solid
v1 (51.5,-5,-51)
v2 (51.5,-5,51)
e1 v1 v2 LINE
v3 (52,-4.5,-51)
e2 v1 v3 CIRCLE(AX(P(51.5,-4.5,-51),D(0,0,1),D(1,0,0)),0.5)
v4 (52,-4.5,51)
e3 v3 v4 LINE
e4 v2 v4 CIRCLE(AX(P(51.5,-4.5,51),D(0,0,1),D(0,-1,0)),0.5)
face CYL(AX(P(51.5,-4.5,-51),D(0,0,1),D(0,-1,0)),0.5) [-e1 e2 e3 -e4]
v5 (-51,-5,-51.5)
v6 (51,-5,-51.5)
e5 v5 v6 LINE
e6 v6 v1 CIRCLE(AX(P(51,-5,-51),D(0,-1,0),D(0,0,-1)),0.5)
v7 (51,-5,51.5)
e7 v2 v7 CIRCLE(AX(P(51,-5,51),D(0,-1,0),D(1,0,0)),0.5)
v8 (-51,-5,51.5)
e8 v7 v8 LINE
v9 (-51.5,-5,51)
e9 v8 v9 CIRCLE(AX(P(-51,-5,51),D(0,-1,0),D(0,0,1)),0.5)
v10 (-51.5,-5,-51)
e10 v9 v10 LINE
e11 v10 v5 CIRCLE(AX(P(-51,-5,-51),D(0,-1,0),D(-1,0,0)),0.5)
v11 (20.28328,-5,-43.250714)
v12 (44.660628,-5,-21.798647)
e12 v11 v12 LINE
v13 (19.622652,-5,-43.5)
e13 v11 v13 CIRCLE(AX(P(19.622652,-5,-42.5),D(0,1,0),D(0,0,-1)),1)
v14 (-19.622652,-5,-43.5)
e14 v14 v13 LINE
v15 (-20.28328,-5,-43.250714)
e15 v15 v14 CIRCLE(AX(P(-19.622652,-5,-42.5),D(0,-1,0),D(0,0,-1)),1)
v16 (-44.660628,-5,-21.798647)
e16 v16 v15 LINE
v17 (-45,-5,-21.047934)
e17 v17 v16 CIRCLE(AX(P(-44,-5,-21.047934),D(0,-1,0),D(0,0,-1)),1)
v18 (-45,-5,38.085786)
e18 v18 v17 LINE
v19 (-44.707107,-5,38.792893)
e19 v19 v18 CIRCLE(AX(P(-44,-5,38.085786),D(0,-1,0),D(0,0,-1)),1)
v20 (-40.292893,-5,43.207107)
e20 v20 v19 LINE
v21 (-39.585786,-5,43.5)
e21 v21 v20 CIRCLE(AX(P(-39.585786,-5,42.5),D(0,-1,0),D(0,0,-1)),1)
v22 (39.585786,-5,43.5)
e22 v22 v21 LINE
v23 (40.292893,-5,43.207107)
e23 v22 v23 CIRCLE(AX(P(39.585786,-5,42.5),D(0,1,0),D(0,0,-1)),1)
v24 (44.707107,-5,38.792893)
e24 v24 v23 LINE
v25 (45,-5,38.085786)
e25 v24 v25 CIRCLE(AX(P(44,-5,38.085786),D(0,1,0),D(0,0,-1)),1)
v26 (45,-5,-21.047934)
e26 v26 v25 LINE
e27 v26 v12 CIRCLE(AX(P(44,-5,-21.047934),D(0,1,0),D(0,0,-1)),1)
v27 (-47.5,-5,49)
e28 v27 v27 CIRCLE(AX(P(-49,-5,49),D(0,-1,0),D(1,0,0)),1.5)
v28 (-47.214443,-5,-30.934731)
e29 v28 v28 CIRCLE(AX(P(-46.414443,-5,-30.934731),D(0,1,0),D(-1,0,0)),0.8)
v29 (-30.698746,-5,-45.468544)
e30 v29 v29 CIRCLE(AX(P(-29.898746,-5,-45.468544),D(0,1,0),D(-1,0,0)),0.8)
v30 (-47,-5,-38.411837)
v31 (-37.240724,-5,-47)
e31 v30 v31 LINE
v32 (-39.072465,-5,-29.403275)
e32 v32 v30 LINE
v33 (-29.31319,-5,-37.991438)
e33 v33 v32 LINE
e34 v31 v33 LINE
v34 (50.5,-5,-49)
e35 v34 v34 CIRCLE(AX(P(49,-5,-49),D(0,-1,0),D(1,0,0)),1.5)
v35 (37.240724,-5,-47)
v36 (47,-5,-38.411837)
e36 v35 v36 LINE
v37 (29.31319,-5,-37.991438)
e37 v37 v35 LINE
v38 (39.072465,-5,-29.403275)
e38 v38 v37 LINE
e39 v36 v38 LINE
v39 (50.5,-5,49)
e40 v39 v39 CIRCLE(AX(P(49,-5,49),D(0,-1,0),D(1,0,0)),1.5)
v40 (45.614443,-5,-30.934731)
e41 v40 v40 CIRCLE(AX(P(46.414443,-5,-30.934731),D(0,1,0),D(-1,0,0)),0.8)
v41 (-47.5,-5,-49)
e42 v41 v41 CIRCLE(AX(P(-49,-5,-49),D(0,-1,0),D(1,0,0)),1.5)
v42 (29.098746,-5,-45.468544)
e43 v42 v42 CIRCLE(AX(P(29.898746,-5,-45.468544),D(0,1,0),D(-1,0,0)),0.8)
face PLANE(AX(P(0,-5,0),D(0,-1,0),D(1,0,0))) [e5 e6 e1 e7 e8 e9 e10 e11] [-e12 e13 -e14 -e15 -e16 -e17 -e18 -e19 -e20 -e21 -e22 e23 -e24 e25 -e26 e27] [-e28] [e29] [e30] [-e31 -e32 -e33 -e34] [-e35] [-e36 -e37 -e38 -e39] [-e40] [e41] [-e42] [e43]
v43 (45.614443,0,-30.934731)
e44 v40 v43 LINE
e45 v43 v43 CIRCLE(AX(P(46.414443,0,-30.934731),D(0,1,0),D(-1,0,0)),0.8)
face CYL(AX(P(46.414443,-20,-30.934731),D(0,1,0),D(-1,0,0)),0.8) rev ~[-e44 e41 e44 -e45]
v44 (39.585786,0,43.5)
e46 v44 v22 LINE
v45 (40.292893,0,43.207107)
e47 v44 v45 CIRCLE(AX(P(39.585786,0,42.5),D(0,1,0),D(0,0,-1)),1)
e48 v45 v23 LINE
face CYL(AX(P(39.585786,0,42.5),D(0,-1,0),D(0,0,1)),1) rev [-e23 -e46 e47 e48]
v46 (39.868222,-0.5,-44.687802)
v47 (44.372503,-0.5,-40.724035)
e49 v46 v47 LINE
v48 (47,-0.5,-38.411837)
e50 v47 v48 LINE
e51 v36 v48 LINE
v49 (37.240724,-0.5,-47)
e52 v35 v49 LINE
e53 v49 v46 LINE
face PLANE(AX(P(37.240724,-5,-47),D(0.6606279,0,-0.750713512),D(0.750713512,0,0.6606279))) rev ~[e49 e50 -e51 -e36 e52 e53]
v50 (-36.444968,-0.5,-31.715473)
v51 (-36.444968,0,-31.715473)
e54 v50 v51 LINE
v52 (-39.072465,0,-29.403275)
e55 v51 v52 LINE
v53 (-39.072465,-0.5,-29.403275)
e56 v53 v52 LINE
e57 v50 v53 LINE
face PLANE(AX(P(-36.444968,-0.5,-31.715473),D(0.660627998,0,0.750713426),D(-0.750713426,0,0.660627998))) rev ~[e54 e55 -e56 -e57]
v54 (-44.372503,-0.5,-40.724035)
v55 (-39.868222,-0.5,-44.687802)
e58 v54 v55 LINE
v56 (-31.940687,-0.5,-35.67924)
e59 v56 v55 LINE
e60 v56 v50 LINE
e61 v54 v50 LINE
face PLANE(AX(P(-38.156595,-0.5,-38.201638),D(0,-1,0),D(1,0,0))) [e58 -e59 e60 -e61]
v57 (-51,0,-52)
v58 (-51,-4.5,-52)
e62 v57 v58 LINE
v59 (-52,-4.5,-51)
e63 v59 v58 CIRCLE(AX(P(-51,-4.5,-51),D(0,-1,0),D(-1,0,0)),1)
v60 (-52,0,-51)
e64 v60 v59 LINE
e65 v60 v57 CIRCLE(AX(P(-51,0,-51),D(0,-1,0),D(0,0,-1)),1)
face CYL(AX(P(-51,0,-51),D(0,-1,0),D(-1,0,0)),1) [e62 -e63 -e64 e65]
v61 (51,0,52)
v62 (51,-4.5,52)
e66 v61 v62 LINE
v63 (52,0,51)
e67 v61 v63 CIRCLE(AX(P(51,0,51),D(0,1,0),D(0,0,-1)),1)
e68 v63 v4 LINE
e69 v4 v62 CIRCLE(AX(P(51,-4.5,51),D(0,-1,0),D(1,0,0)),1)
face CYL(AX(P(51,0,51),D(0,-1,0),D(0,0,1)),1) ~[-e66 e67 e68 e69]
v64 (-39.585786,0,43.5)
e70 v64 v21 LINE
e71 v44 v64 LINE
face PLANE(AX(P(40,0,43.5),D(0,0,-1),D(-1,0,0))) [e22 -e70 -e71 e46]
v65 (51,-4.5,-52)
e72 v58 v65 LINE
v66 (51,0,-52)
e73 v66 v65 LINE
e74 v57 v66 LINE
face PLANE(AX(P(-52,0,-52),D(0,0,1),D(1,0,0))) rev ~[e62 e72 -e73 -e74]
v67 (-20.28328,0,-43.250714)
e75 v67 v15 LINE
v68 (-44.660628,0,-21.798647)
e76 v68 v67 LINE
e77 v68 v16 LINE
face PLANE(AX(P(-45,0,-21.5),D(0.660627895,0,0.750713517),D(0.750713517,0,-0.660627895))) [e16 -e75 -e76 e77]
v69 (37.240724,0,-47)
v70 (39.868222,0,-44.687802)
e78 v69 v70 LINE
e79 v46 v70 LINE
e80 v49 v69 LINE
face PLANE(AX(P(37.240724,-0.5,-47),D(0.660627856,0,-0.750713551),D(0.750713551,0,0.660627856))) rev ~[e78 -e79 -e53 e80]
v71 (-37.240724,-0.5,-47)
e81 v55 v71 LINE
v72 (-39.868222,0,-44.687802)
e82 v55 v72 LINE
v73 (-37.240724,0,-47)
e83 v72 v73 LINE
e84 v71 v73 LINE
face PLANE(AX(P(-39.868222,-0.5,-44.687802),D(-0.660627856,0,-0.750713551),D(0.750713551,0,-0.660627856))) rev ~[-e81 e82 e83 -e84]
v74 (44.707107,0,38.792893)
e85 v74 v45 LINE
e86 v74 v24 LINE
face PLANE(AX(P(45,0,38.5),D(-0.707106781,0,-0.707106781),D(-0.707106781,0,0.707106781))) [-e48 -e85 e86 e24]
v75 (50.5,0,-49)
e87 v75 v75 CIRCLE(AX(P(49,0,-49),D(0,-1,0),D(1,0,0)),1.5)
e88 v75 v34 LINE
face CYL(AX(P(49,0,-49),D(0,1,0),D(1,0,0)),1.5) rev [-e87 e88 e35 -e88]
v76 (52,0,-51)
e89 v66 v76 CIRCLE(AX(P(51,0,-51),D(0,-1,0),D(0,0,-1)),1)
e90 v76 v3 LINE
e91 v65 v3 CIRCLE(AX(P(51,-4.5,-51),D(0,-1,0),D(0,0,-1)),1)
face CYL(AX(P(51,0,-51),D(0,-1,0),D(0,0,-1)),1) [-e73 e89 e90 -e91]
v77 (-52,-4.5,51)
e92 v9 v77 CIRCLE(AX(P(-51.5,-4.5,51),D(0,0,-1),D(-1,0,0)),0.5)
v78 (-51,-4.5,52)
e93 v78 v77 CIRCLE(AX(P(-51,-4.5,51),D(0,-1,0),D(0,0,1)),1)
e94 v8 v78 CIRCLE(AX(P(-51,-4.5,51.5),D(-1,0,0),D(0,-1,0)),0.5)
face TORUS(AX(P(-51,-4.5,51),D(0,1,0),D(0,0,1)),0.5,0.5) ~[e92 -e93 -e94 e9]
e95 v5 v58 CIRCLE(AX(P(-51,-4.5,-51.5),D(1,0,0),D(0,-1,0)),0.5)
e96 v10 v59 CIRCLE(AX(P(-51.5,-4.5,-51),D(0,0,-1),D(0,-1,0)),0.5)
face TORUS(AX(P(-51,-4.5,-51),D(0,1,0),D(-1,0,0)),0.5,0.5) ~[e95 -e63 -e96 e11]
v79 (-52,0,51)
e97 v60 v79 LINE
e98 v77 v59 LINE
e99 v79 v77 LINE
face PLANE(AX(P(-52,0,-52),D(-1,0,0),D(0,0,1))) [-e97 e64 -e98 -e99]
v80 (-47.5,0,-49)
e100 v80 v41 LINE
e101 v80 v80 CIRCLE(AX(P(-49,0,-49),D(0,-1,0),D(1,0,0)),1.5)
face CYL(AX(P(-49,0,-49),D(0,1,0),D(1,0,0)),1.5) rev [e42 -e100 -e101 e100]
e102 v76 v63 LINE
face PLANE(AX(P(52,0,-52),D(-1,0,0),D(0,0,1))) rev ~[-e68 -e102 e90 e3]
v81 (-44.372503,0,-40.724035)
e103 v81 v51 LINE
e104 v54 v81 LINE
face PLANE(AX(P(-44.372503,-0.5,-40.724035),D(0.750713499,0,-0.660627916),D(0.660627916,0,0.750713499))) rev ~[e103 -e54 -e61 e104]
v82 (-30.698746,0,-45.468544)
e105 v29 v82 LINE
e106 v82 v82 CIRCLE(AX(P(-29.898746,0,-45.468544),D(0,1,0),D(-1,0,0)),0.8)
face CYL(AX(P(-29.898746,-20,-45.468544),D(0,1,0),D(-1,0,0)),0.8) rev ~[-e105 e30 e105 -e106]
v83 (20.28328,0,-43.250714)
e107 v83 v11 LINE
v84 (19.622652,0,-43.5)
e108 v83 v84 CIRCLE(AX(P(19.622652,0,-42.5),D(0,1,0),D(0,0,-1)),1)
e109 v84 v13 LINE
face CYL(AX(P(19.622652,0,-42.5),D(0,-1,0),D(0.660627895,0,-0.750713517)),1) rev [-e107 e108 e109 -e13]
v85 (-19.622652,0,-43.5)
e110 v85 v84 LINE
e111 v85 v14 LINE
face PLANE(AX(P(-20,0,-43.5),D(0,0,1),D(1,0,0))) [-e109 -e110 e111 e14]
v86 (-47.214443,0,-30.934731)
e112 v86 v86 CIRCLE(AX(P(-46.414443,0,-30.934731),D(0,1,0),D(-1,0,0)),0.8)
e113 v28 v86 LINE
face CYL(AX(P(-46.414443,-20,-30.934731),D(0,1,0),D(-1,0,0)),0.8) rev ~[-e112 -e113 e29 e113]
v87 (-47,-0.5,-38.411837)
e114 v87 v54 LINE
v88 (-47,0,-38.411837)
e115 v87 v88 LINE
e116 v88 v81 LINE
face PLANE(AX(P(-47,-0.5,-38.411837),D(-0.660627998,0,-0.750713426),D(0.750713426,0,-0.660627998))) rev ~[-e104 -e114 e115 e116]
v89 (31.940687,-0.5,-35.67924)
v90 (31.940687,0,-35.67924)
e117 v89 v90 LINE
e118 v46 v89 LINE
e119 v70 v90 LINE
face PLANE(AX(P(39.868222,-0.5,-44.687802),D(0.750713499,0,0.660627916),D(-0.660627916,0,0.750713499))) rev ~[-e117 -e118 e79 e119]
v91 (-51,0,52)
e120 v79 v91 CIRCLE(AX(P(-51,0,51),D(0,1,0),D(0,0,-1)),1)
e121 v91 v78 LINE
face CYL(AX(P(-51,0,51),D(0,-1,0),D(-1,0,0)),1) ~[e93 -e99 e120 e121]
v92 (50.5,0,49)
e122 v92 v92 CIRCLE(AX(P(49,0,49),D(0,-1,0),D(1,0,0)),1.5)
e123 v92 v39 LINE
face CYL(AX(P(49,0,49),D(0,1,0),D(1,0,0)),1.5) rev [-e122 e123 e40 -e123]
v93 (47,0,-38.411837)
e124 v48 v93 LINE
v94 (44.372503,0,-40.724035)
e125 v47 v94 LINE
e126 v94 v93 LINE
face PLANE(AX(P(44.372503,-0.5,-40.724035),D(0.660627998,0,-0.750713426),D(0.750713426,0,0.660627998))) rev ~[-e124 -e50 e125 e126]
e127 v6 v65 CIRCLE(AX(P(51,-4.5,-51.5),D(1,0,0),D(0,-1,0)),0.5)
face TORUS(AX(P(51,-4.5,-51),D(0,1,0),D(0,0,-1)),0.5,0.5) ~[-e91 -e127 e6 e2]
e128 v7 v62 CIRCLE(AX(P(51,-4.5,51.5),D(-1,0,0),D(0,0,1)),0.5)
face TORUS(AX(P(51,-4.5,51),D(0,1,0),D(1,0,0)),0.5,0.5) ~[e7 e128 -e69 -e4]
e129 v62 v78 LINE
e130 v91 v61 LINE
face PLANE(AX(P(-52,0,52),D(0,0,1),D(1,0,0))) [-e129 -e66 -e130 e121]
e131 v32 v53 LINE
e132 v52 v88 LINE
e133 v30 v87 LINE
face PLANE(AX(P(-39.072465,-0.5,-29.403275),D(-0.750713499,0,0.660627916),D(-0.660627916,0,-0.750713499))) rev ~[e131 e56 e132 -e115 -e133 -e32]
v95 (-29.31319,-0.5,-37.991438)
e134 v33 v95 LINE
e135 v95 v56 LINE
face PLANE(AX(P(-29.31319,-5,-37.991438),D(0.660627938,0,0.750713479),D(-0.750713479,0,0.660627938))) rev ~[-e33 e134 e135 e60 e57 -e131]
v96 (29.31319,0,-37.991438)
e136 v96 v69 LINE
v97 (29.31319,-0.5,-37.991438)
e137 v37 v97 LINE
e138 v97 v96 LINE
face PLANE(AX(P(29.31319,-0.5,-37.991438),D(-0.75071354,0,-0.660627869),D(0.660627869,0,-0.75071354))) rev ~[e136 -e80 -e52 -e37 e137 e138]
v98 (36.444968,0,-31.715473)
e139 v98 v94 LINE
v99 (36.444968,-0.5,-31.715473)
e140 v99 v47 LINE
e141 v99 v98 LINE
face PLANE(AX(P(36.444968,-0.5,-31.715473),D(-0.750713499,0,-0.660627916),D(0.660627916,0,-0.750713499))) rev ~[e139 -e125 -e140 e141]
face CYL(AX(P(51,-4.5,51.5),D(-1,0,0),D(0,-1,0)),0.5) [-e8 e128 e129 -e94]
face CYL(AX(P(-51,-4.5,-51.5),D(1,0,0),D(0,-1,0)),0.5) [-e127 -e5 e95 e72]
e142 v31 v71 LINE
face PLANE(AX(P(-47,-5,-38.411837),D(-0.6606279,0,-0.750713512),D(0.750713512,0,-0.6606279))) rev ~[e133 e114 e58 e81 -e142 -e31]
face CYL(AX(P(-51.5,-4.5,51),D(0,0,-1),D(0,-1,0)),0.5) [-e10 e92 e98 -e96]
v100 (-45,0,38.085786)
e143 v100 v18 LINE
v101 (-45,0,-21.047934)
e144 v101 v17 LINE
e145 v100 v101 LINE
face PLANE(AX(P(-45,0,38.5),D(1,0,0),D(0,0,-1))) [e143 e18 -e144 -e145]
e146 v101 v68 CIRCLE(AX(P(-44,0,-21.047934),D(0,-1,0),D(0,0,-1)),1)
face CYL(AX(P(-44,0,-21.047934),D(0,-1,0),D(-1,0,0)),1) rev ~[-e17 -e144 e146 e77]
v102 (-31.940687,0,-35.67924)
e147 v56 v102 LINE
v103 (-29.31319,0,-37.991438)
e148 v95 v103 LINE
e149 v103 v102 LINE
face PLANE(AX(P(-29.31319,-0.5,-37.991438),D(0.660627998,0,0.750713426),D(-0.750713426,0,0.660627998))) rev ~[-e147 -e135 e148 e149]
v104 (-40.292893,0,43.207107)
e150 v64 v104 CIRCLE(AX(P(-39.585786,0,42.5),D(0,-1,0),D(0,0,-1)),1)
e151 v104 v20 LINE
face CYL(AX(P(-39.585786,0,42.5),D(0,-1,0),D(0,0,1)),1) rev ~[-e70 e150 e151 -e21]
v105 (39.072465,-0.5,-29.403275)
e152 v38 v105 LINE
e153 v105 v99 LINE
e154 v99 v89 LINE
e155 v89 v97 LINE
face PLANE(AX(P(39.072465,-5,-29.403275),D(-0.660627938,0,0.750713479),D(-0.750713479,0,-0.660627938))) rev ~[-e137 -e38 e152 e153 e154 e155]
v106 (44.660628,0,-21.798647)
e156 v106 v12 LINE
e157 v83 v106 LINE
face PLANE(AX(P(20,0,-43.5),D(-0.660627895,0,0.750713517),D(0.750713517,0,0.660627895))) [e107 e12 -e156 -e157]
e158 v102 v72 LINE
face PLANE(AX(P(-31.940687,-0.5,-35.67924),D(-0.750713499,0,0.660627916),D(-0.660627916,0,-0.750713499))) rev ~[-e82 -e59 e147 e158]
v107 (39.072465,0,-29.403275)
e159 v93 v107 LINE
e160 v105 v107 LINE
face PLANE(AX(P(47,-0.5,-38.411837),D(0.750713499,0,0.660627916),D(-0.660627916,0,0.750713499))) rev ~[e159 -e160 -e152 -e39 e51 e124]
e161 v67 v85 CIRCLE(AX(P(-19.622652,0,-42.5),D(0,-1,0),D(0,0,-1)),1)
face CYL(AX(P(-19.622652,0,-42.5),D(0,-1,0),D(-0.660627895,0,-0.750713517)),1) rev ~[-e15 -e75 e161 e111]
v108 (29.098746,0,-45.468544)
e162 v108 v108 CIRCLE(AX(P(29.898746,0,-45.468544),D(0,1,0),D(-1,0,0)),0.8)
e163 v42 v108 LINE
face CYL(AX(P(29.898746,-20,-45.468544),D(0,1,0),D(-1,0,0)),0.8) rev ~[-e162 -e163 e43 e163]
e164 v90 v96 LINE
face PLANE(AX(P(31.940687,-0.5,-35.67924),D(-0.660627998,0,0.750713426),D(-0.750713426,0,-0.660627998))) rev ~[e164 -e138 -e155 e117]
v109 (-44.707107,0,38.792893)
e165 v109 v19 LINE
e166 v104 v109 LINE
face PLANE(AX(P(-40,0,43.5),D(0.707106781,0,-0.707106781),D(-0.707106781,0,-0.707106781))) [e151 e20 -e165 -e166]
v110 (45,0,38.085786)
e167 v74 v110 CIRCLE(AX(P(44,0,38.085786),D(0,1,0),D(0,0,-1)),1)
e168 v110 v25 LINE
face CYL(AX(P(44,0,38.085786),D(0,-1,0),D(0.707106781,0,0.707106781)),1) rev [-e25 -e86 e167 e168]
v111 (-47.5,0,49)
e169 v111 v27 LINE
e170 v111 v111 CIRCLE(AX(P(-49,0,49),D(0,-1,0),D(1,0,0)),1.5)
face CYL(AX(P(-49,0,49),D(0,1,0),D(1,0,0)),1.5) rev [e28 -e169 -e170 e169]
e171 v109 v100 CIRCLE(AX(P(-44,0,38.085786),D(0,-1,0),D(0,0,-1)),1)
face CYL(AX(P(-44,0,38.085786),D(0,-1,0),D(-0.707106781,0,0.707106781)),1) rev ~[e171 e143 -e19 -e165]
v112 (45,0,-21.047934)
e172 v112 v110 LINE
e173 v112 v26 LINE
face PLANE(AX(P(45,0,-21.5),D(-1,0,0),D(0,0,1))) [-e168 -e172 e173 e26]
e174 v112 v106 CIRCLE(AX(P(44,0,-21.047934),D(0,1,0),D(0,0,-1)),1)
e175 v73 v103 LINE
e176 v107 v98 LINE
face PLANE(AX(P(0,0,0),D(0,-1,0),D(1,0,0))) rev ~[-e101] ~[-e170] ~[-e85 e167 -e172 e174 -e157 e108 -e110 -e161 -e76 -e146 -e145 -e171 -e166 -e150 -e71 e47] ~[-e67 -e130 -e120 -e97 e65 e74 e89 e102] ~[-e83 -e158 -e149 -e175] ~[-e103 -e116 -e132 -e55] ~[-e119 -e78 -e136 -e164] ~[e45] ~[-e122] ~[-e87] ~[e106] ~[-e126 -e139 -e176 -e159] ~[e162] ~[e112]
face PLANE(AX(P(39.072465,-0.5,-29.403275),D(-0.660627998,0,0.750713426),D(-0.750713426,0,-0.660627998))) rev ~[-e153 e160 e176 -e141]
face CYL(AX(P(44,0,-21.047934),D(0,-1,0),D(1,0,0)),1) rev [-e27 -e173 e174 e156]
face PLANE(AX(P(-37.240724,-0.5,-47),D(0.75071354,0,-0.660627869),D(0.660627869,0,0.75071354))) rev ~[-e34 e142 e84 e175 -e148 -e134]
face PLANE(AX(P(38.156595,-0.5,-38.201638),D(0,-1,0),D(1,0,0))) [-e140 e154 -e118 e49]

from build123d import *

# Parameters (mm, degrees)
F0_W      = 104
F0_H      = 104
F0_R      = 1.5
F1_DEPTH  = 5
F1_FACE_W = 104
F1_FACE_H = 104
F1_FACE_R = 1.5
F3_DEPTH  = 25
F5_DEPTH  = 4.5
F7_DEPTH  = 2
F8_D      = 1.6
F8_DEPTH  = 15
F9_R      = 1
F10_R     = 0.5


with BuildPart() as f1:
    # F0 (on Front) → F1 (new body)
    with BuildSketch(Plane.XZ):
        Rectangle(F0_W, F0_H)
        with Locations((-49, -49)):
            Circle(F0_R, mode=Mode.SUBTRACT)
        with Locations((49, -49)):
            Circle(F0_R, mode=Mode.SUBTRACT)
        with Locations((-49, 49)):
            Circle(F0_R, mode=Mode.SUBTRACT)
        with Locations((49, 49)):
            Circle(F0_R, mode=Mode.SUBTRACT)
    extrude(amount=F1_DEPTH)

    # F2 (on Front) + F1_face (on face) → F3 (cut)
    with BuildSketch(Plane.XZ):
        Polygon((40, 43.5), (-40, 43.5), (-45, 38.5), (-45, -21.5), (-20, -43.5), (20, -43.5), (45, -21.5), (45, 38.5), align=None)
    with BuildSketch(Plane.XZ.offset(5)):
        Rectangle(F1_FACE_W, F1_FACE_H)
        with Locations((-49, -49)):
            Circle(F1_FACE_R, mode=Mode.SUBTRACT)
        with Locations((49, -49)):
            Circle(F1_FACE_R, mode=Mode.SUBTRACT)
        with Locations((-49, 49)):
            Circle(F1_FACE_R, mode=Mode.SUBTRACT)
        with Locations((49, 49)):
            Circle(F1_FACE_R, mode=Mode.SUBTRACT)
    extrude(amount=F3_DEPTH, mode=Mode.SUBTRACT)

    # F4 (on face) → F5 (cut)
    with BuildSketch(Plane.XZ.offset(5)):
        Polygon((-29.31319, -37.991438), (-39.072465, -29.403275), (-47, -38.411837), (-37.240724, -47), align=None)
        Polygon((47, -38.411837), (39.072465, -29.403275), (29.31319, -37.991438), (37.240724, -47), align=None)
    extrude(amount=-F5_DEPTH, mode=Mode.SUBTRACT)

    # F6 (on face) → F7 (cut)
    with BuildSketch(Plane.XZ.offset(0.5)):
        Polygon((-39.072465, -29.403275), (-47, -38.411837), (-44.372503, -40.724035), (-36.444968, -31.715473), align=None)
        Polygon((-29.31319, -37.991438), (-31.940687, -35.67924), (-39.868222, -44.687802), (-37.240724, -47), align=None)
        Polygon((31.940687, -35.67924), (29.31319, -37.991438), (37.240724, -47), (39.868222, -44.687802), align=None)
        Polygon((36.444968, -31.715473), (44.372503, -40.724035), (47, -38.411837), (39.072465, -29.403275), align=None)
    extrude(amount=-F7_DEPTH, mode=Mode.SUBTRACT)

    # F8
    with Locations(Plane.XZ.offset(5)):
        with Locations((-46.414443, -30.934731), (-29.898746, -45.468544), (29.898746, -45.468544), (46.414443, -30.934731)):
            Hole(F8_D / 2, depth=F8_DEPTH)

    # F9
    f9_edges = [f1.edges().sort_by_distance(p)[0] for p in [
        (-52, -2.5, 52),
        (52, -2.5, 52),
        (52, -2.5, -52),
        (-52, -2.5, -52),
        (-45, -2.5, -21.5),
        (-20, -2.5, -43.5),
        (20, -2.5, -43.5),
        (45, -2.5, -21.5),
        (-45, -2.5, 38.5),
        (-40, -2.5, 43.5),
        (40, -2.5, 43.5),
        (45, -2.5, 38.5),
    ]]
    fillet(f9_edges, radius=F9_R)

    # F10
    f10_edges = [f1.edges().sort_by_distance(p)[0] for p in [
        (0, -5, -52),
    ]]
    fillet(f10_edges, radius=F10_R)


solid = f1.part
